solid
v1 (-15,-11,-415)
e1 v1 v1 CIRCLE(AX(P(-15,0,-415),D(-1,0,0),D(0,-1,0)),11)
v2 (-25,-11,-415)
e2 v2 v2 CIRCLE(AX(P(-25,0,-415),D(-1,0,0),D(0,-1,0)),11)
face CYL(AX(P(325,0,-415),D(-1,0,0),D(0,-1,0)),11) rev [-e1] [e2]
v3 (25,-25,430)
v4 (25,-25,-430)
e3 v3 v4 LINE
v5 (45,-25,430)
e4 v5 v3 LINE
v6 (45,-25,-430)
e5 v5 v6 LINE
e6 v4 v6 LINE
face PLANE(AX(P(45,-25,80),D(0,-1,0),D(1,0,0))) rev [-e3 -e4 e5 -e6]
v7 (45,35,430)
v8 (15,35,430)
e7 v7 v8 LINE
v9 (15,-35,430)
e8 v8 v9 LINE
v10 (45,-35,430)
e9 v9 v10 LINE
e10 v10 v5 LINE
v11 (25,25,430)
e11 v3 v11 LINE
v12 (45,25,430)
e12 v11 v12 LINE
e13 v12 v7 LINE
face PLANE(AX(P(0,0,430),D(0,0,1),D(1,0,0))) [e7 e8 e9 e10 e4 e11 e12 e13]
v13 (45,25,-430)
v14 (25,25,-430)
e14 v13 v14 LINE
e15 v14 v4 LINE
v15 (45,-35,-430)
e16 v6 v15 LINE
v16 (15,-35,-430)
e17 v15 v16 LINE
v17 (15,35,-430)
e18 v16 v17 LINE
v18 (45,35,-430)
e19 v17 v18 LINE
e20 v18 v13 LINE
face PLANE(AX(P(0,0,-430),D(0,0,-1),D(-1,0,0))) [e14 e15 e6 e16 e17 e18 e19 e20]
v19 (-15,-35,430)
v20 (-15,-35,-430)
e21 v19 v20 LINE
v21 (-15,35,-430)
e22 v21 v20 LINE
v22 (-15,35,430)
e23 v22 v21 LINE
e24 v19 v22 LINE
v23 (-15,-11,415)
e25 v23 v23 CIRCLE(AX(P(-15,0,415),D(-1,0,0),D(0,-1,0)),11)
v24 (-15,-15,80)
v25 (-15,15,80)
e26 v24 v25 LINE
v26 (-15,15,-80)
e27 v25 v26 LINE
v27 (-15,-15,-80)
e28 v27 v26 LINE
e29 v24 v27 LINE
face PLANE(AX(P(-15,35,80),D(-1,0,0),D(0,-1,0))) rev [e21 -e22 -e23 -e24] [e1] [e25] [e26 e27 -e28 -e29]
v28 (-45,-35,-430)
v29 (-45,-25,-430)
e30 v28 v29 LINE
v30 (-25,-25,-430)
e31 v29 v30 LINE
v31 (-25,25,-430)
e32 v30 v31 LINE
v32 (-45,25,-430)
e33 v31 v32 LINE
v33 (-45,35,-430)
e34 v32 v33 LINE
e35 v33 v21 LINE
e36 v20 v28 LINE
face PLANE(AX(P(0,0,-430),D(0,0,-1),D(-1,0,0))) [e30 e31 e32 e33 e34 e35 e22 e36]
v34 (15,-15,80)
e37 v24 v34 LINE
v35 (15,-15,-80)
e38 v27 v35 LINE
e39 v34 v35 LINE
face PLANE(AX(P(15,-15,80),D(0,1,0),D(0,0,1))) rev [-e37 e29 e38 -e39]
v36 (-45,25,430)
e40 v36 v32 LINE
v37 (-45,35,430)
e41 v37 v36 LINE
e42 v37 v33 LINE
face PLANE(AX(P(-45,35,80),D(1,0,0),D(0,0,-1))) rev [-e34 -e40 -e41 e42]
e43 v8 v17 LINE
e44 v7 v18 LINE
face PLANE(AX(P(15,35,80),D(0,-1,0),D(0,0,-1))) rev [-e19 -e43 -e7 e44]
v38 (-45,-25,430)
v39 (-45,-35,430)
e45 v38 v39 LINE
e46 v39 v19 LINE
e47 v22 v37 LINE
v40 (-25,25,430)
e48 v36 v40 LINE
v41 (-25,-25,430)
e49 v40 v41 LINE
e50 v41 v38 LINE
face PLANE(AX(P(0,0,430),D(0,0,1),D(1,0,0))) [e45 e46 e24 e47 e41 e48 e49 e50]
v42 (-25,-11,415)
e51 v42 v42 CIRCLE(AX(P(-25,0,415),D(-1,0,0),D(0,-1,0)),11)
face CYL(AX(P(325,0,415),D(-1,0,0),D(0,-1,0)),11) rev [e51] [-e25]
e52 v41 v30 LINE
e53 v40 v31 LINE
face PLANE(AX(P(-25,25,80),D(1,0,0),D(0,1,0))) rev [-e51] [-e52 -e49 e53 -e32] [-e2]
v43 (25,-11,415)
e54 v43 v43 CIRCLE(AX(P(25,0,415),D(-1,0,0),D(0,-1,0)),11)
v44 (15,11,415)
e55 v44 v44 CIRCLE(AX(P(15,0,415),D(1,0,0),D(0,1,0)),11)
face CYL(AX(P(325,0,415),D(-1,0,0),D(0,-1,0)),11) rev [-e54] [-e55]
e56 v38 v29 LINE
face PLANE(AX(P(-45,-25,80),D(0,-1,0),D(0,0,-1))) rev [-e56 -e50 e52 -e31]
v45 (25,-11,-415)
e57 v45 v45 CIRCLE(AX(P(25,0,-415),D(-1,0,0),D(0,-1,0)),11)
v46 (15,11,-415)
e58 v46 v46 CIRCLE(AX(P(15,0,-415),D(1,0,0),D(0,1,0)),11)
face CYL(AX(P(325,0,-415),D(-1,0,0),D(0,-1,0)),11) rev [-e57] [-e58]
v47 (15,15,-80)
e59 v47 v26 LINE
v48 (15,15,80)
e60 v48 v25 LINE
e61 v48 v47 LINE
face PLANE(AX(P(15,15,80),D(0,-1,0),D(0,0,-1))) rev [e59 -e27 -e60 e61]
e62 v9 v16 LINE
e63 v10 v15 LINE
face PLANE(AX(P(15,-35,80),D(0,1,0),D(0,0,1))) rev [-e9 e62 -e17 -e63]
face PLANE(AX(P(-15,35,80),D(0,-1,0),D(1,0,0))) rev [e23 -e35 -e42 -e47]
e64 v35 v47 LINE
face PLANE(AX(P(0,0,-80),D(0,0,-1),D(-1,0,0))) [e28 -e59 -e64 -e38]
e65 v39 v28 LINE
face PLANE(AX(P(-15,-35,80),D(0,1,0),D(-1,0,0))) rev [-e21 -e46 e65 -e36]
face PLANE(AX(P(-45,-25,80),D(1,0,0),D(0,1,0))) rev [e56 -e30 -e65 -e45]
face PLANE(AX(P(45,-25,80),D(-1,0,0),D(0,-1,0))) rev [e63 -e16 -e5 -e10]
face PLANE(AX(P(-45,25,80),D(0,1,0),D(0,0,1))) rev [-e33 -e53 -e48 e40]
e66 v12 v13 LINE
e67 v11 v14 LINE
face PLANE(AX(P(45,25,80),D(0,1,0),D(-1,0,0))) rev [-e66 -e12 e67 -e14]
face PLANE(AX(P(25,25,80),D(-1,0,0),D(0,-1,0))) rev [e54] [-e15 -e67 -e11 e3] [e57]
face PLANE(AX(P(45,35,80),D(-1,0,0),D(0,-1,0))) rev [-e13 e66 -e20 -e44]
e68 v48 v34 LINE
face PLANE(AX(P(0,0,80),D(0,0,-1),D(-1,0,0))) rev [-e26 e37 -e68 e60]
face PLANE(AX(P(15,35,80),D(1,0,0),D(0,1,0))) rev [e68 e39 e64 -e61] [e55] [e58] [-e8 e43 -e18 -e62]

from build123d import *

# Parameters (mm, degrees)
BOSS_EXTRUDE1_DEPTH = 80
BOSS_EXTRUDE2_DEPTH = 350
BOSS_EXTRUDE3_DEPTH = 350
SKETCH4_R           = 11
CUT_EXTRUDE1_DEPTH  = 350


with BuildPart() as part:
    # Sketch1 → Boss-Extrude1 (new, symmetric)
    with BuildSketch(Plane.XY):
        Polygon((15, 15), (-15, 15), (-15, 35), (-45, 35), (-45, 25), (-25, 25), (-25, -25), (-45, -25), (-45, -35), (-15, -35), (-15, -15), (15, -15), (15, -35), (45, -35), (45, -25), (25, -25), (25, 25), (45, 25), (45, 35), (15, 35), align=None)
    extrude(amount=BOSS_EXTRUDE1_DEPTH, both=True)

    # Sketch2 → Boss-Extrude2 (add)
    with BuildSketch(Plane.XY.offset(80)):
        Polygon((-45, -25), (-45, -35), (-15, -35), (-15, 35), (-45, 35), (-45, 25), (-25, 25), (-25, -25), align=None)
        Polygon((15, 35), (45, 35), (45, 25), (25, 25), (25, -25), (45, -25), (45, -35), (15, -35), align=None)
    extrude(amount=BOSS_EXTRUDE2_DEPTH)

    # Sketch3 → Boss-Extrude3 (add)
    with BuildSketch(Plane(origin=(0, 0, -80), x_dir=(-1, 0, 0), z_dir=(0, 0, -1))):
        Polygon((-45, -25), (-45, -35), (-15, -35), (-15, 35), (-45, 35), (-45, 25), (-25, 25), (-25, -25), align=None)
        Polygon((45, 35), (15, 35), (15, -35), (45, -35), (45, -25), (25, -25), (25, 25), (45, 25), align=None)
    extrude(amount=BOSS_EXTRUDE3_DEPTH)

    # Sketch4 → Cut-Extrude1 (cut)
    with BuildSketch(Plane.ZY.offset(25)):
        with Locations(Location((-415, 0, 0), (0, 0, 270))):
            Circle(SKETCH4_R)
        with Locations(Location((415, 0, 0), (0, 0, 270))):
            Circle(SKETCH4_R)
    extrude(amount=-CUT_EXTRUDE1_DEPTH, mode=Mode.SUBTRACT)


solid = part.part
